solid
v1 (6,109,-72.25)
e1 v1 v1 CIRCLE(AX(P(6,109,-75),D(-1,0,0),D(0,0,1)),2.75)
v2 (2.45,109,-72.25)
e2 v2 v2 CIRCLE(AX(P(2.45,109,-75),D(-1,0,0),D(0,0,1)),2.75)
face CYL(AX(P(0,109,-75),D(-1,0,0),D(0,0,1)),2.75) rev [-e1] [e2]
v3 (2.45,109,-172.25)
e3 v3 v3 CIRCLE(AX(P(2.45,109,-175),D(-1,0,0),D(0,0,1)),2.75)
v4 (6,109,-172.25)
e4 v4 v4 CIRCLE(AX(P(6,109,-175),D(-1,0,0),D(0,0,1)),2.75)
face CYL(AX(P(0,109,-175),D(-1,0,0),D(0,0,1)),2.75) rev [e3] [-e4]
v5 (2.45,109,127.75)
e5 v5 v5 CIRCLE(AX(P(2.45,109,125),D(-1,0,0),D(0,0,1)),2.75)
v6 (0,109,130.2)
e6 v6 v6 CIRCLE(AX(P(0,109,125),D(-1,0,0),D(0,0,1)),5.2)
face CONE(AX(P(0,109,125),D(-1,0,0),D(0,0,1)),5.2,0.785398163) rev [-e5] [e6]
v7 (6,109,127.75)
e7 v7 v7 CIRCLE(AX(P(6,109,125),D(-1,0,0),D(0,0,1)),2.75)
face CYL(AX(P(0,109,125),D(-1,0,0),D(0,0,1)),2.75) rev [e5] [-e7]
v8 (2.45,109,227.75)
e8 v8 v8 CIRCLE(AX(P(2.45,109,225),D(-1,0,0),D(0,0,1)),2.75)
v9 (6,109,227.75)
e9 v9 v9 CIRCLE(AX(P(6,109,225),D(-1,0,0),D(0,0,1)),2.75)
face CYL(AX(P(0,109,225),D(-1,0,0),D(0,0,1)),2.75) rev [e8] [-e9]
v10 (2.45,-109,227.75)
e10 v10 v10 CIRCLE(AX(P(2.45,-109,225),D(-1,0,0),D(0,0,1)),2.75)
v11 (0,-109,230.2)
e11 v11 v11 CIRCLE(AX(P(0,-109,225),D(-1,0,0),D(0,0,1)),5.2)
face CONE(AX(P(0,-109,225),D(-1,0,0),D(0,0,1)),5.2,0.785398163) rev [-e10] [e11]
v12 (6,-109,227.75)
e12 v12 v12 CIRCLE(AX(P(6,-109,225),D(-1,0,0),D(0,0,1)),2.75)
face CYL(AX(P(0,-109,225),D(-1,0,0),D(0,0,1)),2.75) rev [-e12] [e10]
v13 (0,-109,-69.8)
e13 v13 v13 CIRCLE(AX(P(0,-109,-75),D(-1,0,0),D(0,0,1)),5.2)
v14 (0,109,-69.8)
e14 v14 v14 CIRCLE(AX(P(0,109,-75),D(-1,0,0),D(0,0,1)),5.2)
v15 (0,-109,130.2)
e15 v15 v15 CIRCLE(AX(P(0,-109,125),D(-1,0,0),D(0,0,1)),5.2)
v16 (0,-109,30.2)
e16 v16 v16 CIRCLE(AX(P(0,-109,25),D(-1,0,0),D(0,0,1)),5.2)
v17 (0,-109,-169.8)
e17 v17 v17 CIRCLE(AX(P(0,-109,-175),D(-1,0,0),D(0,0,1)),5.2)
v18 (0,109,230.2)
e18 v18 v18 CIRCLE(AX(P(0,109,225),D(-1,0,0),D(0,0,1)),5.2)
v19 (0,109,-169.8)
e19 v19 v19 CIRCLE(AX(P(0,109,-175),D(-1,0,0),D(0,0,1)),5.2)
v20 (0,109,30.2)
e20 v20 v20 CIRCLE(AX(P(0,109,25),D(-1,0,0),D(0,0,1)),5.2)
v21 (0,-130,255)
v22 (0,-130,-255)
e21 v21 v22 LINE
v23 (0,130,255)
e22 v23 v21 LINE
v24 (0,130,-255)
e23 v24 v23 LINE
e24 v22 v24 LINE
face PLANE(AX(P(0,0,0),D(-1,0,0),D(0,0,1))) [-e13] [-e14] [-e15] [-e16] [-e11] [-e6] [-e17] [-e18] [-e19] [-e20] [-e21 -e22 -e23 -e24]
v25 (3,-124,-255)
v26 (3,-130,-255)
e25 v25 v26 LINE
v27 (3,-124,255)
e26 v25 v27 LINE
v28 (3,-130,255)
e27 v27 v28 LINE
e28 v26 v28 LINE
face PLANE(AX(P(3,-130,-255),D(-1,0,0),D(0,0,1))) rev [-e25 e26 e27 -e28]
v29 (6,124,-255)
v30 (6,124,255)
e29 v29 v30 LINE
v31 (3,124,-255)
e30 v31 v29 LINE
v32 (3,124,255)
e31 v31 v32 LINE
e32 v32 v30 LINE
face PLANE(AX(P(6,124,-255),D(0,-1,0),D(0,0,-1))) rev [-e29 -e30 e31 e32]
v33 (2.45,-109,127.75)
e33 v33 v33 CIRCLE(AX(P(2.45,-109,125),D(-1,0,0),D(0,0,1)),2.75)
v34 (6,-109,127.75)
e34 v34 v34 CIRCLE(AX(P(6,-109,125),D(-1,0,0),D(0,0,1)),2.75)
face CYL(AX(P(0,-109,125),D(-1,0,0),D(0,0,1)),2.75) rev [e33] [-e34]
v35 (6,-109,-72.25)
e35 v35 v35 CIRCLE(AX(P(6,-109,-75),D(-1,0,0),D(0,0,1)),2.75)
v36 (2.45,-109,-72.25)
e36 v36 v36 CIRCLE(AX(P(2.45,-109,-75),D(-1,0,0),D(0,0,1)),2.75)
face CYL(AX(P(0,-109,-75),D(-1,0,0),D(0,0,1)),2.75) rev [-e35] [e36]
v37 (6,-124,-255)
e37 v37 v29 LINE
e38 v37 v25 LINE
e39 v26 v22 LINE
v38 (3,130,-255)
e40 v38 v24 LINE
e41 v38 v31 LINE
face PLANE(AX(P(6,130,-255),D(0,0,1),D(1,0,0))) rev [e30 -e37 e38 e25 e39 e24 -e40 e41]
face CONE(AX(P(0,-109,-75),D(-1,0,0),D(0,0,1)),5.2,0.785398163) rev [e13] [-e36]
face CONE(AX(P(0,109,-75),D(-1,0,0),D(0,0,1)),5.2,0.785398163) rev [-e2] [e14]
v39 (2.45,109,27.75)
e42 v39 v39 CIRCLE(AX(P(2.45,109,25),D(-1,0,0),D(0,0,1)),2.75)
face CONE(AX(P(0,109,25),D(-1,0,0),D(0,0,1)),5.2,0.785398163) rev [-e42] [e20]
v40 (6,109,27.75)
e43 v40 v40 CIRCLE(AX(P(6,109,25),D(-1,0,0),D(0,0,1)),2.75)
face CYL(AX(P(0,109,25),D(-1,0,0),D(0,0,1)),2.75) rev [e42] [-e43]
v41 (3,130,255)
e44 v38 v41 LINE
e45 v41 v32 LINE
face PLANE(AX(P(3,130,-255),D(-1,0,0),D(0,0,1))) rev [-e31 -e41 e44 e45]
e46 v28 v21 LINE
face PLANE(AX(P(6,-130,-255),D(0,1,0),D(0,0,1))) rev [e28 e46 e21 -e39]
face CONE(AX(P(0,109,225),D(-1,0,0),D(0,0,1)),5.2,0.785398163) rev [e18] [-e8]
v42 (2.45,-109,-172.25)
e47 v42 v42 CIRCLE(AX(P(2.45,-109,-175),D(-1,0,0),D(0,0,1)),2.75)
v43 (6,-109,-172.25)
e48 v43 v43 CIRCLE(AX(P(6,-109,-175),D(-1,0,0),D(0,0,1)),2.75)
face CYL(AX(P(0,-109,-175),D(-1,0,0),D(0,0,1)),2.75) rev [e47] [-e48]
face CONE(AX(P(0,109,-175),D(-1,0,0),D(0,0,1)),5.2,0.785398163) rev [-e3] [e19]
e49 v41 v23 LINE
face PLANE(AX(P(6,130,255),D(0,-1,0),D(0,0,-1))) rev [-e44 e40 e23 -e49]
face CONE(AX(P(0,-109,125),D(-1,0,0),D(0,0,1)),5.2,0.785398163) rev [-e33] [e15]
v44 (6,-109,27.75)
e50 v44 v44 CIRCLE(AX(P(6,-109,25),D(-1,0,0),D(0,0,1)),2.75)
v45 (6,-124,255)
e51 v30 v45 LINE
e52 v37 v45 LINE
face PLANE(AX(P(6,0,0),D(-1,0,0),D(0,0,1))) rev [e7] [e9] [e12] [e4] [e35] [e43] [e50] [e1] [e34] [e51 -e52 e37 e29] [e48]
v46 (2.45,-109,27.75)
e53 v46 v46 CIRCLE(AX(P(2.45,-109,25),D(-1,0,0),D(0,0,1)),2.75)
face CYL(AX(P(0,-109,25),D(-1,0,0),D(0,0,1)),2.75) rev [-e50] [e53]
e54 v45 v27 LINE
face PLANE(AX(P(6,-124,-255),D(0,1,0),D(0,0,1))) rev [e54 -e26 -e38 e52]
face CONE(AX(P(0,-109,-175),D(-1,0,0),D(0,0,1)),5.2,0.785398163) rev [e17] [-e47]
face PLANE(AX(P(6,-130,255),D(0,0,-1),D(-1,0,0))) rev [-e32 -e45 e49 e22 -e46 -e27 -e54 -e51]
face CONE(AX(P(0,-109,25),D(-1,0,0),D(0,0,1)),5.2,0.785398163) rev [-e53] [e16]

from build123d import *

# Parameters (mm, degrees)
SKETCH1_W                                            = 510
SKETCH1_H                                            = 260
BOSS_EXTRUDE1_DEPTH                                  = 6
SKIZZE2_W                                            = 3
SKIZZE2_H                                            = 6
SCHNITT_LINEAR_AUSTRAGEN1_DEPTH                      = 527.34209408
CSK_FOR_M5_COUNTERSUNK_RAISED_HEAD_SCREW_D           = 5.5
CSK_FOR_M5_COUNTERSUNK_RAISED_HEAD_SCREW_CSINK_D     = 10.4
CSK_FOR_M5_COUNTERSUNK_RAISED_HEAD_SCREW_CSINK_ANGLE = 90
LPATTERN1_COUNT                                      = 5
LPATTERN1_PITCH                                      = 100
MIRROR1_COPY_1_D                                     = 5.5
MIRROR1_COPY_1_CSINK_D                               = 10.4
MIRROR1_COPY_1_CSINK_ANGLE                           = 90
MIRROR1_COPY_2_D                                     = 5.5
MIRROR1_COPY_2_CSINK_D                               = 10.4
MIRROR1_COPY_2_CSINK_ANGLE                           = 90
MIRROR1_COPY_3_D                                     = 5.5
MIRROR1_COPY_3_CSINK_D                               = 10.4
MIRROR1_COPY_3_CSINK_ANGLE                           = 90
MIRROR1_COPY_4_D                                     = 5.5
MIRROR1_COPY_4_CSINK_D                               = 10.4
MIRROR1_COPY_4_CSINK_ANGLE                           = 90


with BuildPart() as part:
    # Sketch1 → Boss-Extrude1 (new body)
    with BuildSketch(Plane(origin=(0, 0, 0), x_dir=(0, 0, -1), z_dir=(1, 0, 0))):
        Rectangle(SKETCH1_W, SKETCH1_H)
    extrude(amount=BOSS_EXTRUDE1_DEPTH)

    # Skizze2 → Schnitt-Linear austragen1 (cut, through all)
    with BuildSketch(Plane.XY.offset(255)):
        with Locations((4.5, 127)):
            Rectangle(SKIZZE2_W, SKIZZE2_H)
        with Locations((4.5, -127)):
            Rectangle(SKIZZE2_W, SKIZZE2_H)
    extrude(amount=-SCHNITT_LINEAR_AUSTRAGEN1_DEPTH, mode=Mode.SUBTRACT)

    # CSK for M5 Countersunk Raised Head Screw1 (through all)
    with Locations(Plane.ZY):
        with Locations((225, -109)):
            csk_for_m5_countersunk_raised_head_screw = CounterSinkHole(CSK_FOR_M5_COUNTERSUNK_RAISED_HEAD_SCREW_D / 2, CSK_FOR_M5_COUNTERSUNK_RAISED_HEAD_SCREW_CSINK_D / 2, counter_sink_angle=CSK_FOR_M5_COUNTERSUNK_RAISED_HEAD_SCREW_CSINK_ANGLE)

    # LPattern1: CSK for M5 Countersunk Raised Head Screw1 ×5
    with Locations(*[(0, 0, -i * LPATTERN1_PITCH) for i in range(1, LPATTERN1_COUNT)]):
        add(csk_for_m5_countersunk_raised_head_screw, mode=Mode.SUBTRACT)

    # Mirror1: CSK for M5 Countersunk Raised Head Screw1 across plane
    add(csk_for_m5_countersunk_raised_head_screw.mirror(Plane.ZX), mode=Mode.SUBTRACT)

    # Mirror1 copy 1 (through all)
    with Locations(Plane(origin=(0, 0, -100), x_dir=(0, 0, 1), z_dir=(-1, 0, 0))):
        with Locations((225, 109)):
            CounterSinkHole(MIRROR1_COPY_1_D / 2, MIRROR1_COPY_1_CSINK_D / 2, counter_sink_angle=MIRROR1_COPY_1_CSINK_ANGLE)

    # Mirror1 copy 2 (through all)
    with Locations(Plane(origin=(0, 0, -200), x_dir=(0, 0, 1), z_dir=(-1, 0, 0))):
        with Locations((225, 109)):
            CounterSinkHole(MIRROR1_COPY_2_D / 2, MIRROR1_COPY_2_CSINK_D / 2, counter_sink_angle=MIRROR1_COPY_2_CSINK_ANGLE)

    # Mirror1 copy 3 (through all)
    with Locations(Plane(origin=(0, 0, -300), x_dir=(0, 0, 1), z_dir=(-1, 0, 0))):
        with Locations((225, 109)):
            CounterSinkHole(MIRROR1_COPY_3_D / 2, MIRROR1_COPY_3_CSINK_D / 2, counter_sink_angle=MIRROR1_COPY_3_CSINK_ANGLE)

    # Mirror1 copy 4 (through all)
    with Locations(Plane(origin=(0, 0, -400), x_dir=(0, 0, 1), z_dir=(-1, 0, 0))):
        with Locations((225, 109)):
            CounterSinkHole(MIRROR1_COPY_4_D / 2, MIRROR1_COPY_4_CSINK_D / 2, counter_sink_angle=MIRROR1_COPY_4_CSINK_ANGLE)


solid = part.part
